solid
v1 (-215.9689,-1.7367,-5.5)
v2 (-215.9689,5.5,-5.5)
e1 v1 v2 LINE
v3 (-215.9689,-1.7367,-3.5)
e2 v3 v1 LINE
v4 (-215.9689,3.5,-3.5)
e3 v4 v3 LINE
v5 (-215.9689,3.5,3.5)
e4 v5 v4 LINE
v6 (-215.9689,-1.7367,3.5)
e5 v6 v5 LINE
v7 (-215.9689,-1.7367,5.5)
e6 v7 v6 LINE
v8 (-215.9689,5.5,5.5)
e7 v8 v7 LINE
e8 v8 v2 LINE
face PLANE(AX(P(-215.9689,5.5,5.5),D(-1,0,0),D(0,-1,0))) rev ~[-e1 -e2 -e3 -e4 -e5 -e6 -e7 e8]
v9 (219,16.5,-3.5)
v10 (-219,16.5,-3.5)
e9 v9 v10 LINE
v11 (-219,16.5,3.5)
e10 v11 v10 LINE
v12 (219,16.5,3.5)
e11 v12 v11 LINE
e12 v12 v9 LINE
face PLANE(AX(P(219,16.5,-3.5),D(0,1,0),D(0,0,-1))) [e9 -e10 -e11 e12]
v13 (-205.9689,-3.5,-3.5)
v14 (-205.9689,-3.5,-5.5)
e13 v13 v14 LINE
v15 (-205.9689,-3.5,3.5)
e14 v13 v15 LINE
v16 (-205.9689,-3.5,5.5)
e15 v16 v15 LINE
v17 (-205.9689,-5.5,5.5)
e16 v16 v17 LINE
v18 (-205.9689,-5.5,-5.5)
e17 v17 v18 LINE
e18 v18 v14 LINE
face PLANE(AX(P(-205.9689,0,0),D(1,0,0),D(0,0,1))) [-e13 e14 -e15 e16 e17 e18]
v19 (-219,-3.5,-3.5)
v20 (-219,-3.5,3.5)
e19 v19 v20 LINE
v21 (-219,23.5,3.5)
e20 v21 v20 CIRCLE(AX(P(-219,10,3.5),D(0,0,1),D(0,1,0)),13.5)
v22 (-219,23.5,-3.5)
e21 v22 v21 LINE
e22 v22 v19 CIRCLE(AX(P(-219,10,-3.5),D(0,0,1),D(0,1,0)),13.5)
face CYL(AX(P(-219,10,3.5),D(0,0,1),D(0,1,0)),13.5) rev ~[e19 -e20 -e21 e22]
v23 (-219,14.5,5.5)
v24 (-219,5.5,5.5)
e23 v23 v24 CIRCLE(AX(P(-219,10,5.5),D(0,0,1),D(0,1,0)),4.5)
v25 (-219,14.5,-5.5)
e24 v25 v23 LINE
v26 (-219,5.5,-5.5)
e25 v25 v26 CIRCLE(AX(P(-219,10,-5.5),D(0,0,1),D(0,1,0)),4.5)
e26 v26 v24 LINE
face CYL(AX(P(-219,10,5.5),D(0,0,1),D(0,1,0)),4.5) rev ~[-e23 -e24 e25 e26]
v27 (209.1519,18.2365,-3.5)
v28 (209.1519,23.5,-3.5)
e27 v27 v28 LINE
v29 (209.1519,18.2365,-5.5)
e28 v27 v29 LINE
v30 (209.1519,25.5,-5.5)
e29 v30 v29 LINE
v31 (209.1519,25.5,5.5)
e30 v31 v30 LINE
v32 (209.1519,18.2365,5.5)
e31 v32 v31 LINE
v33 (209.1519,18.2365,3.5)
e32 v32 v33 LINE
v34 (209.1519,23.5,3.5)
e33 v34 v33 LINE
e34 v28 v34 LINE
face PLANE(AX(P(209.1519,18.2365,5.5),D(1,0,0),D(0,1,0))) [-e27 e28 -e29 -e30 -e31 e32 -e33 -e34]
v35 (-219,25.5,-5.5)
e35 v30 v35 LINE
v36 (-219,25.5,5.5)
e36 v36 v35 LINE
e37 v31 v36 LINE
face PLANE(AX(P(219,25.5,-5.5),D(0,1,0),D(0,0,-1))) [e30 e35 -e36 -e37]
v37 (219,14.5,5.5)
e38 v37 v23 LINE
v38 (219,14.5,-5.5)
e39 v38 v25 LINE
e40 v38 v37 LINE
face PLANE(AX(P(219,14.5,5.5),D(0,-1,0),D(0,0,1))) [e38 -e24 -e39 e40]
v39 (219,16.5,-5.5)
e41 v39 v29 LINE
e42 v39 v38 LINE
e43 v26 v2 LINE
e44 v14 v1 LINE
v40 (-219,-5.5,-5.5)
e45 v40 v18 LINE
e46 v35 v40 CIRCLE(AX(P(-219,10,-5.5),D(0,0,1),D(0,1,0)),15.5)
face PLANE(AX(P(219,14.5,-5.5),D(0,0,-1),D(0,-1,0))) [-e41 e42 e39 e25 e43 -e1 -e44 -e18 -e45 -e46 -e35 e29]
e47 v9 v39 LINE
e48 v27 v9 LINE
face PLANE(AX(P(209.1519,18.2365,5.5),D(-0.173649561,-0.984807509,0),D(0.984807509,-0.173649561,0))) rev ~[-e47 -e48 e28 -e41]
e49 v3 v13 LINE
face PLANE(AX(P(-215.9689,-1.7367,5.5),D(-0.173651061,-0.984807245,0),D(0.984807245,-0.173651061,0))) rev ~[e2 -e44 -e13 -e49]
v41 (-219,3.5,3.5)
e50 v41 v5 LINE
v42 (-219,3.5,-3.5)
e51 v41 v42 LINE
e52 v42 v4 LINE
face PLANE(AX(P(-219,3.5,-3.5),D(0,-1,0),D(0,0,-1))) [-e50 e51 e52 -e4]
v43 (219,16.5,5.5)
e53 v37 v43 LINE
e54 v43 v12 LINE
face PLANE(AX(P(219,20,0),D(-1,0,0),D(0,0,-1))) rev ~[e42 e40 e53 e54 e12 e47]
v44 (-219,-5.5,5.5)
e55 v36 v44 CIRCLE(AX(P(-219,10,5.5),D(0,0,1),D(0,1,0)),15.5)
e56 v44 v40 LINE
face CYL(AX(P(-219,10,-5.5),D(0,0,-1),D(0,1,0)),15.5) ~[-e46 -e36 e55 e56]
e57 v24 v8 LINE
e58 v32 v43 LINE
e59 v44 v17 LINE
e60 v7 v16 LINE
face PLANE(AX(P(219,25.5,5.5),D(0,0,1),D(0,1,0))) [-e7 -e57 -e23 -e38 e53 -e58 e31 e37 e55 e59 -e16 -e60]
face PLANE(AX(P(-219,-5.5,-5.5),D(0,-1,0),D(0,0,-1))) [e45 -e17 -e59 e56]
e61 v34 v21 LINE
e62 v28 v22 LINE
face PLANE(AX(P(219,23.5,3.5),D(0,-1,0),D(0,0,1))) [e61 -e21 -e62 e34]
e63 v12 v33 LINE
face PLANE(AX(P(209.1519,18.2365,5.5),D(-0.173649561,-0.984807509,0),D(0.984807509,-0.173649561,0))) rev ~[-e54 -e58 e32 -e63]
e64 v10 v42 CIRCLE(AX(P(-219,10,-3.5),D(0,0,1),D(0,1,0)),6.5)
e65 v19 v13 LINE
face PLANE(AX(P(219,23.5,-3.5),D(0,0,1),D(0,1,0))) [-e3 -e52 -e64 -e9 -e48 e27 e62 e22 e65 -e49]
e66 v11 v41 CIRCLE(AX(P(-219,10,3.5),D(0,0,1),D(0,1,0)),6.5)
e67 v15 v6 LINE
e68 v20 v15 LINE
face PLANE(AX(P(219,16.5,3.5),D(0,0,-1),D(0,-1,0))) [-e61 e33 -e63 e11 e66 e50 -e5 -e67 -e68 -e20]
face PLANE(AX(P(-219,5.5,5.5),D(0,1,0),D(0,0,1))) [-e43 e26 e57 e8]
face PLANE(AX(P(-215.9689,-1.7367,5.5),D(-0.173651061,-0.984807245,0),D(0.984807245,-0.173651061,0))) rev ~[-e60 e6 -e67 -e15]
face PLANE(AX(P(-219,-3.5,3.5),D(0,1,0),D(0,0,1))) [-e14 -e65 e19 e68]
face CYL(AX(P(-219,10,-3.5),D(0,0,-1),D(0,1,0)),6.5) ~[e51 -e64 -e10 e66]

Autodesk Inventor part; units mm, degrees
ref_plane "YZ Plane" through (0, 0, 0) normal (1, 0, 0) x (0, 1, 0)
ref_plane "XZ Plane" through (0, 0, 0) normal (0, 1, 0) x (-1, 0, 0)
sketch "Sketch1" plane through (0, 0, 0) normal (0, 0, 1) x (1, 0, 0)
  line L0 (219, 20) -> (-219, 20)
  line L1 (-53.0332, 0) -> (53.0332, 0) construction
  arc A0 (-219, 20) -> (-219, 0) centre (-219, 10) ccw
  line L2 (-219, 0) -> (-205.9689, 0)
  point P0 (0, 0)
  point P1 (0, 20)
  point P2 (0, 0)
  dimension "d0" = 438
  dimension "d1" = 20
ref_plane "Work Plane1" through (219, 20, 0) normal (-1, 0, 0) x (0, -1, 0)
sketch "Sketch2" plane through (219, 20, 0) normal (-1, 0, 0) x (0, -1, 0)
  line L0 (3.5, 3.5) -> (-3.5, 3.5)
  line L1 (-3.5, 3.5) -> (-3.5, -3.5)
  line L2 (-3.5, -3.5) -> (3.5, -3.5)
  line L3 (3.5, -3.5) -> (3.5, 3.5)
  line L4 (-5.5, 5.5) -> (5.5, 5.5)
  line L5 (5.5, 5.5) -> (5.5, -5.5)
  line L6 (5.5, -5.5) -> (-5.5, -5.5)
  line L7 (-5.5, -5.5) -> (-5.5, 5.5)
  point P0 (20, 0)
  point P1 (0, 3.5)
  point P2 (3.5, 0)
  point P3 (0, 0)
  point P4 (0, 0)
  point P5 (0, 0)
  dimension "d2" = 7
  dimension "d3" = 7
  dimension "d4" = 2
sweep "Sweep1" add profiles "Sketch2" path "Sketch1"
sketch "Sketch3" plane through (219, 14.5, 5.5) normal (0, 0, 1) x (1, 0, 0)
  line L0 (-9.8481, 11) -> (0, 11)
  line L1 (0, 11) -> (0, 2)
  line L2 (-9.8481, 3.7365) -> (-9.8481, 11)
  line L3 (0, 11) -> (-438, 11) projected
  line L4 (0, 0) -> (0, 11) projected
  line L5 (0, 0) -> (-438, 0) projected
  line L6 (-9.8481, 3.7365) -> (0, 2)
  line L7 (-424.9689, -9) -> (-424.9689, -20) projected
  line L8 (-424.9689, -9) -> (-434.9689, -9)
  line L9 (-438, -9) -> (-424.9689, -9) projected
  line L10 (-434.9689, -9) -> (-434.9689, -6.6574)
  line L11 (-424.9689, -18) -> (-424.9689, -11) projected
  line L12 (-438, -20) -> (-424.9689, -20) projected
  line L13 (-434.9689, -9) -> (-434.9689, -16.2367)
  line L14 (-434.9689, -16.2367) -> (-424.9689, -18)
  point P0 (-219, -14.5)
  dimension "d7" = 10
  dimension "d9" = 100
  dimension "d10" = 2
  dimension "d13" = 10
  dimension "d18" = 100
  dimension "d19" = 2
extrude "Extrusion1" cut sketch "Sketch3" against normal through all
equation "\"d13\" = d7"
properties part number "0008-10-1025 Wire chain"
